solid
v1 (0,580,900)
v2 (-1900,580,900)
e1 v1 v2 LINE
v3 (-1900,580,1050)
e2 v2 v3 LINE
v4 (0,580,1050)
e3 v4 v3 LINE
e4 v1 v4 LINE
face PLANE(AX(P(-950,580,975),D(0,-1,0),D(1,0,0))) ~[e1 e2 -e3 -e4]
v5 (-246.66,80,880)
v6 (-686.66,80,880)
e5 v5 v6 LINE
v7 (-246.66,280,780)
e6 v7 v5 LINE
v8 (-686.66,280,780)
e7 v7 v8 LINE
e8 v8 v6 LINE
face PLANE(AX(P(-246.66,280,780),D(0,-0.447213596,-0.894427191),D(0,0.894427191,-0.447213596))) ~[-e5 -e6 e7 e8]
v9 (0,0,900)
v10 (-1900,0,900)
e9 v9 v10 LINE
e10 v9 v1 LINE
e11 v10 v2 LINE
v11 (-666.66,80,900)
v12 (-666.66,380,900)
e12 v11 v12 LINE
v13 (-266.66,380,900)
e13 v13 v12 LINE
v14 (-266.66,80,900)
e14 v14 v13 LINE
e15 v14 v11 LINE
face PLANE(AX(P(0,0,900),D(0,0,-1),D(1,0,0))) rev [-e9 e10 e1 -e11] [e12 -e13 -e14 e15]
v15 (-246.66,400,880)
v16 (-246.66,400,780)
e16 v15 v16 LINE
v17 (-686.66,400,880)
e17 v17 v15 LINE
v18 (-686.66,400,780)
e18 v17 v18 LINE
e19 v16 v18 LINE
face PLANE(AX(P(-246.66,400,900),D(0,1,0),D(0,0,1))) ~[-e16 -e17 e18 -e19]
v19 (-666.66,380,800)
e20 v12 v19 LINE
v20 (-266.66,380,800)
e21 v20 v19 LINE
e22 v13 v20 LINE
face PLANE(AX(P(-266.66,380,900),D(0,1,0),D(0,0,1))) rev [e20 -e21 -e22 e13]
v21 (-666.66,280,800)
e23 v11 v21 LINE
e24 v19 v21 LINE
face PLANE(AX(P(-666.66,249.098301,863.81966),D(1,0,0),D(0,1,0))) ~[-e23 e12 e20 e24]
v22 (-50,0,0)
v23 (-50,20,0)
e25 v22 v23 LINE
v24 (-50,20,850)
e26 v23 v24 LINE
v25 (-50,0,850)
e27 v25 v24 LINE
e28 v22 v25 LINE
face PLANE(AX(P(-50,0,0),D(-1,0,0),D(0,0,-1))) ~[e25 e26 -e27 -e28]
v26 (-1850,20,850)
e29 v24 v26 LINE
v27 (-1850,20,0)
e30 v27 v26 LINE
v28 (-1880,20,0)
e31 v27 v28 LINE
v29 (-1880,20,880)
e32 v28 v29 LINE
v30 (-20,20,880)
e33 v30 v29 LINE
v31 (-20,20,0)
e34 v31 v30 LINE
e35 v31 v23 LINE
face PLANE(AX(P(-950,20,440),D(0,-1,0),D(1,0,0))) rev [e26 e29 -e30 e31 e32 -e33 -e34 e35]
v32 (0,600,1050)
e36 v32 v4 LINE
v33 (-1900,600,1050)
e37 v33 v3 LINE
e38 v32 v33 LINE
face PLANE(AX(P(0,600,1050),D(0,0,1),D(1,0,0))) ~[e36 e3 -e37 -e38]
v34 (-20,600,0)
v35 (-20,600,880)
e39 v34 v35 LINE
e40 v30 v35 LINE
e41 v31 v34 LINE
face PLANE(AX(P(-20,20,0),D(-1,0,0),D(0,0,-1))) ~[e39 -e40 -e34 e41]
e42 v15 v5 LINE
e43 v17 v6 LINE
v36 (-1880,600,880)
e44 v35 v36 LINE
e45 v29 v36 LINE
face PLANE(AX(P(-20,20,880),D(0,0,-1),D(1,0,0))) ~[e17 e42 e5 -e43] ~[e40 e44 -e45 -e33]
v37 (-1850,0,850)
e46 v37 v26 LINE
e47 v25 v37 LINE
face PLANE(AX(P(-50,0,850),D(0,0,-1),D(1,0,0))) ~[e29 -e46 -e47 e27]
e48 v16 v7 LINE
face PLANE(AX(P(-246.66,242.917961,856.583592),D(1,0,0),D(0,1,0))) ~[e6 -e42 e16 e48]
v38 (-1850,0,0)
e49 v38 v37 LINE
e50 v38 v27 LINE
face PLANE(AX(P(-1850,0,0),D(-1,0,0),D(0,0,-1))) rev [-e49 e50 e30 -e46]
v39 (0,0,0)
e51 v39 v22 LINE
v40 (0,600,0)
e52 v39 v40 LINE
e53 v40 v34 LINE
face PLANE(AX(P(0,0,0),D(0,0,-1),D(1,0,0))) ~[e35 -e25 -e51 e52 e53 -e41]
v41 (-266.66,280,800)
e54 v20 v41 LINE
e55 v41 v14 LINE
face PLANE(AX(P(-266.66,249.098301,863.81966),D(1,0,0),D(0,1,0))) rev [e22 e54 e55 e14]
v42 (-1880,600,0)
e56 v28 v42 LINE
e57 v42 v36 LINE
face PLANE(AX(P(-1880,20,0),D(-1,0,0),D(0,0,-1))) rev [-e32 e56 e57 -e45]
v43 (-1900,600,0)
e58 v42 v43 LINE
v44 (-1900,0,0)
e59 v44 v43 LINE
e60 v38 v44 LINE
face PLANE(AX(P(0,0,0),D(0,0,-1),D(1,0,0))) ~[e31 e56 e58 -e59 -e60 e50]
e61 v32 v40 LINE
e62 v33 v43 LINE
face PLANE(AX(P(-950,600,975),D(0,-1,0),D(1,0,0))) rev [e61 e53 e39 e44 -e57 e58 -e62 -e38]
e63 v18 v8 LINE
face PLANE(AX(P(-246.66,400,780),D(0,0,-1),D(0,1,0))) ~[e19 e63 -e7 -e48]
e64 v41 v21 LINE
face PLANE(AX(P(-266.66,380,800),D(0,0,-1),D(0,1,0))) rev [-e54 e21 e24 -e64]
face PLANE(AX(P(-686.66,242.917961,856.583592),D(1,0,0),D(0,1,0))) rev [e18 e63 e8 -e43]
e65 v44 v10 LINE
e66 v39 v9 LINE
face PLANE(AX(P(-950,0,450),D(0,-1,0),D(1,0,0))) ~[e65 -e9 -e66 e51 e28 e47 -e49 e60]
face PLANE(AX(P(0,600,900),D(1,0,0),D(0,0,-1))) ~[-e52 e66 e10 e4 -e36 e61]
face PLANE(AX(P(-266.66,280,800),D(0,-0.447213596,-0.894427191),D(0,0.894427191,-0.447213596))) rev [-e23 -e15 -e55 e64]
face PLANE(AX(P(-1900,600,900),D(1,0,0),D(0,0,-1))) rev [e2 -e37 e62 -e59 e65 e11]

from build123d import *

# Parameters (mm, degrees)
SKETCH012_W      = 1860
SKETCH012_H      = 880
EXTRUDE019_DEPTH = 580
SKETCH011_W      = 1800
SKETCH011_H      = 850
EXTRUDE018_DEPTH = 20
SKETCH003_W      = 400
SKETCH003_H      = 300
EXTRUDE015_DEPTH = 20
SKETCH004_W      = 1900
SKETCH004_H      = 150
EXTRUDE017_DEPTH = 20
SKETCH_W         = 1900
SKETCH_H         = 900
EXTRUDE016_DEPTH = 600
EXTRUDE006_DEPTH = 400
EXTRUDE007_DEPTH = 440


with BuildPart() as extrude019:
    # Sketch012 → Extrude019 (new body)
    with BuildSketch(Plane.XZ):
        with Locations((930, 440)):
            Rectangle(SKETCH012_W, SKETCH012_H)
    extrude(amount=-EXTRUDE019_DEPTH)


with BuildPart() as extrude019_1:
    # Extrude019 placement: moved
    add(extrude019.part.moved(Location((20, 20, 0))))


with BuildPart() as saia001:
    # Sketch011 → Extrude018 (new body)
    with BuildSketch(Plane.XZ):
        with Locations((900, 425)):
            Rectangle(SKETCH011_W, SKETCH011_H)
    extrude(amount=-EXTRUDE018_DEPTH)


with BuildPart() as saia001_1:
    # Extrude018 placement: moved
    add(saia001.part.moved(Location((50, 0, 0))))


with BuildPart() as fusion016:
    # Sketch003 → Extrude015 (new body)
    with BuildSketch(Plane.XY):
        with Locations((200, 150)):
            Rectangle(SKETCH003_W, SKETCH003_H)
    extrude(amount=EXTRUDE015_DEPTH)


with BuildPart() as fusion016_1:
    # Extrude015 placement: moved
    add(fusion016.part.moved(Location((266.66, 80, 880))))

    # Fusion016: union Extrude019, Saia001
    add(extrude019_1.part)
    add(saia001_1.part)


with BuildPart() as extrude017:
    # Sketch004 → Extrude017 (new body)
    with BuildSketch(Plane.XZ):
        with Locations((950, 75)):
            Rectangle(SKETCH004_W, SKETCH004_H)
    extrude(amount=EXTRUDE017_DEPTH)


with BuildPart() as extrude017_1:
    # Extrude017 placement: moved
    add(extrude017.part.moved(Location((0, 600, 900))))


with BuildPart() as cut013:
    # Sketch → Extrude016 (new body)
    with BuildSketch(Plane.XZ):
        with Locations((950, 450)):
            Rectangle(SKETCH_W, SKETCH_H)
    extrude(amount=-EXTRUDE016_DEPTH)

    # Fusion006: union Extrude017
    add(extrude017_1.part)

    # Cut013: cut Fusion016
    add(fusion016_1.part, mode=Mode.SUBTRACT)


with BuildPart() as extrude006:
    # Sketch006 → Extrude006 (new body)
    with BuildSketch(Plane.YZ):
        Polygon((0, 0), (300, 0), (300, -100), (200, -100), align=None)
    extrude(amount=EXTRUDE006_DEPTH)


with BuildPart() as lavat_rio_cuba_esculpida_2_p_fechado001:
    # Sketch007 → Extrude007 (new body)
    with BuildSketch(Plane.YZ):
        Polygon((-40, 0), (320, 0), (320, -120), (200, -120), align=None)
    extrude(amount=EXTRUDE007_DEPTH)


with BuildPart() as lavat_rio_cuba_esculpida_2_p_fechado001_1:
    # Extrude007 placement: moved
    add(lavat_rio_cuba_esculpida_2_p_fechado001.part.moved(Location((-20, 0, 0))))

    # Cut006: cut Extrude006
    add(extrude006.part, mode=Mode.SUBTRACT)


with BuildPart() as lavat_rio_cuba_esculpida_2_p_fechado001_2:
    # Cut006 placement: moved
    add(lavat_rio_cuba_esculpida_2_p_fechado001_1.part.moved(Location((266.66, 80, 900))))

    # Fusion017: union Cut013
    add(cut013.part)


with BuildPart() as mirror001:
    # Mirror001: instance of Lavatório cuba esculpida 2 pé fechado001
    add(lavat_rio_cuba_esculpida_2_p_fechado001_2.part.mirror(Plane(origin=(0, 0, 0), x_dir=(0, -1, 0), z_dir=(1, 0, 0))))


solid = mirror001.part
